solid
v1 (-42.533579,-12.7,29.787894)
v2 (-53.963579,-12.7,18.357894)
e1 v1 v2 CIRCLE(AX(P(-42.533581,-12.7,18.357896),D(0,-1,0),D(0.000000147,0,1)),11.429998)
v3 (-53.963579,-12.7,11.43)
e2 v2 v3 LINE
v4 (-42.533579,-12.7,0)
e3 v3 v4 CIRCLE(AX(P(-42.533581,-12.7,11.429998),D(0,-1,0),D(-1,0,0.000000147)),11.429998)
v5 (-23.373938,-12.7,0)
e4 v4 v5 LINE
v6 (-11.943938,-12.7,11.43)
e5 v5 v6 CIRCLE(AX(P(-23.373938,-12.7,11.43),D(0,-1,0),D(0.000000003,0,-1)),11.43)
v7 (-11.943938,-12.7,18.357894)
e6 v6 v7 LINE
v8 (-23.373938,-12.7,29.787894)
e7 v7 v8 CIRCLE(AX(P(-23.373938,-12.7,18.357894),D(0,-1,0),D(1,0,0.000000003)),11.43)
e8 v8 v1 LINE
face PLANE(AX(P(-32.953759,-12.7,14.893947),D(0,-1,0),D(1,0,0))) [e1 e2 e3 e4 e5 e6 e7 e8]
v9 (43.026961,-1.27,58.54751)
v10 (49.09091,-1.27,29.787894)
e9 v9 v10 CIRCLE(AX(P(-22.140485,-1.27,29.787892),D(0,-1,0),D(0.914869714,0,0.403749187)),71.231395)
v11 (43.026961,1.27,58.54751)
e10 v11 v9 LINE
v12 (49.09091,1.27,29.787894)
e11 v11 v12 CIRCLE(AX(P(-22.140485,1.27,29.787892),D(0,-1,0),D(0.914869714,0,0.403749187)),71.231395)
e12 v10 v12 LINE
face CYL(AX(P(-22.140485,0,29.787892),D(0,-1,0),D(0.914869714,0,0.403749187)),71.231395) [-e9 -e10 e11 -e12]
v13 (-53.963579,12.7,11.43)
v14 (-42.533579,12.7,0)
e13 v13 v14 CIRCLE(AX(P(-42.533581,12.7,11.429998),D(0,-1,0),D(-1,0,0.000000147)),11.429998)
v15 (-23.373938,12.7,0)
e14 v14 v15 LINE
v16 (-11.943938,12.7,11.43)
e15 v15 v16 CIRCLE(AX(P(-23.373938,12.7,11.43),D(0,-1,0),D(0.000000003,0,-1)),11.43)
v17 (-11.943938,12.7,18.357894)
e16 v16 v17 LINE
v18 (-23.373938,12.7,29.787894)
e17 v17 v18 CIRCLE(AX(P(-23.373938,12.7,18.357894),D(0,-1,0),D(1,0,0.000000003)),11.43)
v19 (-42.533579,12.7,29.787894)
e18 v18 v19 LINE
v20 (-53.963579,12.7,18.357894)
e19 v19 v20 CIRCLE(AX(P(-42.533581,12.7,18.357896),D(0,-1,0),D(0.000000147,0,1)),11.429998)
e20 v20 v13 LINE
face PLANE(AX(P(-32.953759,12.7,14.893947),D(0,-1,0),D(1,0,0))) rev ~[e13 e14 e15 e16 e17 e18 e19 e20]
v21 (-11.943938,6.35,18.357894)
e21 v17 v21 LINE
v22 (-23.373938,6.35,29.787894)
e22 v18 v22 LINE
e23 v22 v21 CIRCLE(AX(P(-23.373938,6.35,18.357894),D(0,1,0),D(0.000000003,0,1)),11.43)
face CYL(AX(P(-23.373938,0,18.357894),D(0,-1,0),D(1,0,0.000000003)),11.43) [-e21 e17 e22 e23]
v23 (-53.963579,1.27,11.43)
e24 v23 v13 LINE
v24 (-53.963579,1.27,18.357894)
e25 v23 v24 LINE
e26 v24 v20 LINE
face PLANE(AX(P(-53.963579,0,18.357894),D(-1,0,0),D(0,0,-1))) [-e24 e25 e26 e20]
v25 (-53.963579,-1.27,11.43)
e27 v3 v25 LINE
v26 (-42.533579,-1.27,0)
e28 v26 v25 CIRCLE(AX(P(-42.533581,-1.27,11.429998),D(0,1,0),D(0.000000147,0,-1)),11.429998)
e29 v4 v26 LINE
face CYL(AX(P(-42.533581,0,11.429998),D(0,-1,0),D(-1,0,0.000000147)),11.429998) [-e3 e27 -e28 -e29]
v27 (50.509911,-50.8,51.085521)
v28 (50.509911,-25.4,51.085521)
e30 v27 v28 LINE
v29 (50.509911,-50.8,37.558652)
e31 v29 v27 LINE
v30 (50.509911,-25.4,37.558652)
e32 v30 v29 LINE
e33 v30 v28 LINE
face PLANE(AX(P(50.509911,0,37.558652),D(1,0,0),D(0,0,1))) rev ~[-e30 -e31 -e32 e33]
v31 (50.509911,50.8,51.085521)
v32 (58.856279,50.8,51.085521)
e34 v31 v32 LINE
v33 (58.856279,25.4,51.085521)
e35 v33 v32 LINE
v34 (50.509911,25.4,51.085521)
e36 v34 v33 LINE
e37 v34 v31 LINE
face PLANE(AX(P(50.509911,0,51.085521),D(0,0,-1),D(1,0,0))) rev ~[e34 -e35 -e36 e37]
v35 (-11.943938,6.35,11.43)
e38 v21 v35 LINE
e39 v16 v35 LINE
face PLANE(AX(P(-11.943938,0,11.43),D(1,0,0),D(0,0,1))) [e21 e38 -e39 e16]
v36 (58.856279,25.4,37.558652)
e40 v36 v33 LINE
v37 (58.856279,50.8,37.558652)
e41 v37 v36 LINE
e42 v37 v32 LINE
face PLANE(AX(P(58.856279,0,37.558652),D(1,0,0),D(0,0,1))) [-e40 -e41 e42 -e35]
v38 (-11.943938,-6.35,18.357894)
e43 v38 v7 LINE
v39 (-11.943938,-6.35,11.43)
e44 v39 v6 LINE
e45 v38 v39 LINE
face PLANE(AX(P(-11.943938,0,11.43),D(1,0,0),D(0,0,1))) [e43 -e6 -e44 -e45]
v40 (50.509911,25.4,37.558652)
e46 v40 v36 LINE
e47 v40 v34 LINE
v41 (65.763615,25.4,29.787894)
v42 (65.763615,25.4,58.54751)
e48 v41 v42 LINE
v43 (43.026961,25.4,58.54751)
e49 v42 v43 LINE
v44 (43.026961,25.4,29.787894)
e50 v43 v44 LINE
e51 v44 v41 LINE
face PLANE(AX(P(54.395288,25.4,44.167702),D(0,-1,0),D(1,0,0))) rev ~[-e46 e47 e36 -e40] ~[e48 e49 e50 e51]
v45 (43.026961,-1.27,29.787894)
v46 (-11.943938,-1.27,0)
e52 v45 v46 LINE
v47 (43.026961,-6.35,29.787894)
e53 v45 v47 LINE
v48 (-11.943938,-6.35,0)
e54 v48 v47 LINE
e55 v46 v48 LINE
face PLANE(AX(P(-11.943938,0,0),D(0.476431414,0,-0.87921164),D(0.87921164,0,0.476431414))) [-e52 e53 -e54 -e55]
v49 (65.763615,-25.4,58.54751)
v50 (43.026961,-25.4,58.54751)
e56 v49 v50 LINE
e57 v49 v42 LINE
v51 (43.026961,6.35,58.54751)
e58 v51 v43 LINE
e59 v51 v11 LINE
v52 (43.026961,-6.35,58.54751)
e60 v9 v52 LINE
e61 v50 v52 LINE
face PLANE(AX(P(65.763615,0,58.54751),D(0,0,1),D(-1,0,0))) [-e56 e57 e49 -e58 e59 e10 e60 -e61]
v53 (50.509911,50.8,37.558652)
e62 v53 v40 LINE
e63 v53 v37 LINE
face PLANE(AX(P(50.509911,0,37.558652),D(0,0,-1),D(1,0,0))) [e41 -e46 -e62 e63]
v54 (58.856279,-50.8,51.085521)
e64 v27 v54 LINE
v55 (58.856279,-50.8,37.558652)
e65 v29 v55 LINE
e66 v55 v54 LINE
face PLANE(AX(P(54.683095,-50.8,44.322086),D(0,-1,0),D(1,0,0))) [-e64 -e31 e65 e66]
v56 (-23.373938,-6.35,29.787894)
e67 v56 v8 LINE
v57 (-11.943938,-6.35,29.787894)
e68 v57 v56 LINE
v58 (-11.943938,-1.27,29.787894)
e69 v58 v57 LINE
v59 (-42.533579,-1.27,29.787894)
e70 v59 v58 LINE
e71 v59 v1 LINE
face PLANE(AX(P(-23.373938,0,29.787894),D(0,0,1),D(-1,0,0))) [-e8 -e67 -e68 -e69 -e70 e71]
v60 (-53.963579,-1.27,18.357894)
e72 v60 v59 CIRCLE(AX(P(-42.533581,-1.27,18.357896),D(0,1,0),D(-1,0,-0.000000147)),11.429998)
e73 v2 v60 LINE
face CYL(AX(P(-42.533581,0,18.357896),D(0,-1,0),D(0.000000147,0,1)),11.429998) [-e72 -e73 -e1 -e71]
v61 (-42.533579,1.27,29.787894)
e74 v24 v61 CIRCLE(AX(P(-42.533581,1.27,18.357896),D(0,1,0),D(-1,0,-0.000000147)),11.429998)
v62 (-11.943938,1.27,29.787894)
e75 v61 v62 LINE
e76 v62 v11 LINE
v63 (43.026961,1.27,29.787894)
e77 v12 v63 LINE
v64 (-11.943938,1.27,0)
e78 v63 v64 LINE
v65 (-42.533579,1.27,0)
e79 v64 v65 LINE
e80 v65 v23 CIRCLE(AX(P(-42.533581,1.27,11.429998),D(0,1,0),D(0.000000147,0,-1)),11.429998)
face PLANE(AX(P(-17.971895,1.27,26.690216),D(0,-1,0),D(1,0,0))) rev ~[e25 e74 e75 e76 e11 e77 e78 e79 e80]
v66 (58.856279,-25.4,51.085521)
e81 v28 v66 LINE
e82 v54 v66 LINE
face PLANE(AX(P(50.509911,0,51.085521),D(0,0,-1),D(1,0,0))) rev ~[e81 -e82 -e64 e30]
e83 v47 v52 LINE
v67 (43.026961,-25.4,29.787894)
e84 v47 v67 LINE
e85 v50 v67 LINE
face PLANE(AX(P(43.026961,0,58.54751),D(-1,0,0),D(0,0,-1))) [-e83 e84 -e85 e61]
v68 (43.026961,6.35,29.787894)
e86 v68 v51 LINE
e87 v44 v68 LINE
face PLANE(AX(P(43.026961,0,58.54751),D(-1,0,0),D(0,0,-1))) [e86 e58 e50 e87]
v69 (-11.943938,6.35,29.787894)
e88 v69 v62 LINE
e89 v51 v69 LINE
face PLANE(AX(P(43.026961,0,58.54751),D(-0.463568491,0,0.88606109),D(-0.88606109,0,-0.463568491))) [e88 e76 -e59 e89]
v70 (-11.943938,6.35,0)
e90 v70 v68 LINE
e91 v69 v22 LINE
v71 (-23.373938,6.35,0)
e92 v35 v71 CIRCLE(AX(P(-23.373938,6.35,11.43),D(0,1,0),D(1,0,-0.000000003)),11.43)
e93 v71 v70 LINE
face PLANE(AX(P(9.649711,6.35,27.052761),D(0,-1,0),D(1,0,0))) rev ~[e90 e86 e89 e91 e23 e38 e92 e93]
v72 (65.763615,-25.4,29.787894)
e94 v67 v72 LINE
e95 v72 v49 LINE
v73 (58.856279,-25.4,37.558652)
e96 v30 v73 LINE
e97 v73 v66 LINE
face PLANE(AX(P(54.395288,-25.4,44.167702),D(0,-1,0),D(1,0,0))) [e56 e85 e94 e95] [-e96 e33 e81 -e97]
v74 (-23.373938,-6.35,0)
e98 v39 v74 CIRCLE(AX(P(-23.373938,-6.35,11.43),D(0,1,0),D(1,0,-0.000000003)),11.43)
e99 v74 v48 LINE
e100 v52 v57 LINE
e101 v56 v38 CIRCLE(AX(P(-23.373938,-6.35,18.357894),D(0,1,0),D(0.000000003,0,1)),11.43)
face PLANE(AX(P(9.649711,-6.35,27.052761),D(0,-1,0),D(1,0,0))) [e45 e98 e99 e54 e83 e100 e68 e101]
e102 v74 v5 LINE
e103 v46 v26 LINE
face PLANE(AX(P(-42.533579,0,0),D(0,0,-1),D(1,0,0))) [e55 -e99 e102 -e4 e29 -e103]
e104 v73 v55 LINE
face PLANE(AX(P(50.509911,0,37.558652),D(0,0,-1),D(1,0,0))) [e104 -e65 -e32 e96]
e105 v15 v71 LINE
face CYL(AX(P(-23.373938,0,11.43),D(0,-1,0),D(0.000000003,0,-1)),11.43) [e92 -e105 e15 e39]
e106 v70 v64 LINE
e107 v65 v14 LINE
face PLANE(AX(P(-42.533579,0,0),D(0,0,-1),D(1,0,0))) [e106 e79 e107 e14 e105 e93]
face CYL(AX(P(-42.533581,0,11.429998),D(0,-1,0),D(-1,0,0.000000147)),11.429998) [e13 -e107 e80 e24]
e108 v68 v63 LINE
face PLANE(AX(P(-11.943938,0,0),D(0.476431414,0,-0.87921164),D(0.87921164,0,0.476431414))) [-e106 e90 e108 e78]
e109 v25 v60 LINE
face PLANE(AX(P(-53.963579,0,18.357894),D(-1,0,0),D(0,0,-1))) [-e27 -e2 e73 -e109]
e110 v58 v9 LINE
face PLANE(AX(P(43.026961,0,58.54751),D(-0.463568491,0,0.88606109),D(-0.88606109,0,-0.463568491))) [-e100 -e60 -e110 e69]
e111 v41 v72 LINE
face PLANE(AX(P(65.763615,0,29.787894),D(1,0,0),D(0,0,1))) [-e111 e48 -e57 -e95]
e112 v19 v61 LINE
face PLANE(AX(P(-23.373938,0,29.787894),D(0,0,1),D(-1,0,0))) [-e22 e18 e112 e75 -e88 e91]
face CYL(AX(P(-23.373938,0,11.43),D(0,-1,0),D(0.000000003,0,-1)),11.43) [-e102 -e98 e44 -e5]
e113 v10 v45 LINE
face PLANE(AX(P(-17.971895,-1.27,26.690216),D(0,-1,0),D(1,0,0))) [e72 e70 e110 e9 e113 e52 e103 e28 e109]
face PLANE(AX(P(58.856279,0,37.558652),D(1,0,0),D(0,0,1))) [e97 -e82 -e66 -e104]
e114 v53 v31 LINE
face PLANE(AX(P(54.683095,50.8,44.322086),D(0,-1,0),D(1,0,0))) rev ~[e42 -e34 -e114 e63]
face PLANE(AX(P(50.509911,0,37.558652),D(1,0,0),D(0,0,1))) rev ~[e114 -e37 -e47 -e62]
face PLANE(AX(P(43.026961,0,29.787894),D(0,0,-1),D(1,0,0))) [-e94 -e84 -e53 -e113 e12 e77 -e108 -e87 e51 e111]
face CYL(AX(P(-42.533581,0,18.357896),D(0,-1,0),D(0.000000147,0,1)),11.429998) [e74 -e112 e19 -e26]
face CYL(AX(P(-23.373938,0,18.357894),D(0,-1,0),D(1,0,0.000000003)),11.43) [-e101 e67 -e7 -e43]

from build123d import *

# Parameters (mm, degrees)
F1_DEPTH = 12.7
F2_DEPTH = 6.35
F0_W     = 8.346368
F0_H     = 13.526869
F3_DEPTH = 25.4
F4_DEPTH = 50.8
F5_DEPTH = 1.27


with BuildPart() as f1:
    # F0 (on Front) → F1 (new body, symmetric)
    with BuildSketch(Plane.XZ):
        with BuildLine():
            Line((-42.533579, 0), (-23.373938, 0))
            ThreePointArc((-23.373938, 0), (-15.291708, 3.347769), (-11.943938, 11.43))
            Line((-11.943938, 11.43), (-11.943938, 18.357894))
            ThreePointArc((-11.943938, 18.357894), (-15.291708, 26.440125), (-23.373938, 29.787894))
            Line((-23.373938, 29.787894), (-42.533579, 29.787894))
            ThreePointArc((-42.533579, 29.787894), (-50.61581, 26.440125), (-53.963579, 18.357894))
            Line((-53.963579, 18.357894), (-53.963579, 11.43))
            ThreePointArc((-53.963579, 11.43), (-50.61581, 3.347769), (-42.533579, 0))
        make_face()
    extrude(amount=F1_DEPTH, both=True)

    # F0 (on Front) → F2 (join, symmetric)
    with BuildSketch(Plane.XZ):
        with BuildLine():
            ThreePointArc((-11.943938, 11.43), (-15.291708, 3.347769), (-23.373938, 0))
            Line((-23.373938, 0), (-11.943938, 0))
            Line((-11.943938, 0), (43.026961, 29.787894))
            Line((43.026961, 29.787894), (43.026961, 58.54751))
            Line((43.026961, 58.54751), (-11.943938, 29.787894))
            Line((-11.943938, 29.787894), (-23.373938, 29.787894))
            ThreePointArc((-23.373938, 29.787894), (-15.291708, 26.440125), (-11.943938, 18.357894))
            Line((-11.943938, 18.357894), (-11.943938, 11.43))
        make_face()
    extrude(amount=F2_DEPTH, both=True)

    # F0 (on Front) → F3 (join, symmetric)
    with BuildSketch(Plane.XZ):
        Polygon((43.026961, 58.54751), (43.026961, 29.787894), (49.09091, 29.787894), (65.763615, 29.787894), (65.763615, 58.54751), align=None)
        with Locations((54.683095, 44.322086)):
            Rectangle(F0_W, F0_H, mode=Mode.SUBTRACT)
    extrude(amount=F3_DEPTH, both=True)

    # F0 (on Front) → F4 (join, symmetric)
    with BuildSketch(Plane.XZ):
        with Locations((54.683095, 44.322086)):
            Rectangle(F0_W, F0_H)
    extrude(amount=F4_DEPTH, both=True)

    # F0 (on Front) → F5 (join, symmetric)
    with BuildSketch(Plane.XZ):
        with BuildLine():
            Line((-11.943938, 0), (-23.373938, 0))
            Line((-23.373938, 0), (-42.533579, 0))
            ThreePointArc((-42.533579, 0), (-50.61581, 3.347769), (-53.963579, 11.43))
            Line((-53.963579, 11.43), (-53.963579, 18.357894))
            ThreePointArc((-53.963579, 18.357894), (-50.61581, 26.440125), (-42.533579, 29.787894))
            Line((-42.533579, 29.787894), (-23.373938, 29.787894))
            Line((-23.373938, 29.787894), (-11.943938, 29.787894))
            Line((-11.943938, 29.787894), (43.026961, 58.54751))
            ThreePointArc((43.026961, 58.54751), (-91.839408, 15.091917), (49.09091, 29.787894))
            Line((49.09091, 29.787894), (43.026961, 29.787894))
            Line((43.026961, 29.787894), (-11.943938, 0))
        make_face()
    extrude(amount=F5_DEPTH, both=True)


solid = f1.part
